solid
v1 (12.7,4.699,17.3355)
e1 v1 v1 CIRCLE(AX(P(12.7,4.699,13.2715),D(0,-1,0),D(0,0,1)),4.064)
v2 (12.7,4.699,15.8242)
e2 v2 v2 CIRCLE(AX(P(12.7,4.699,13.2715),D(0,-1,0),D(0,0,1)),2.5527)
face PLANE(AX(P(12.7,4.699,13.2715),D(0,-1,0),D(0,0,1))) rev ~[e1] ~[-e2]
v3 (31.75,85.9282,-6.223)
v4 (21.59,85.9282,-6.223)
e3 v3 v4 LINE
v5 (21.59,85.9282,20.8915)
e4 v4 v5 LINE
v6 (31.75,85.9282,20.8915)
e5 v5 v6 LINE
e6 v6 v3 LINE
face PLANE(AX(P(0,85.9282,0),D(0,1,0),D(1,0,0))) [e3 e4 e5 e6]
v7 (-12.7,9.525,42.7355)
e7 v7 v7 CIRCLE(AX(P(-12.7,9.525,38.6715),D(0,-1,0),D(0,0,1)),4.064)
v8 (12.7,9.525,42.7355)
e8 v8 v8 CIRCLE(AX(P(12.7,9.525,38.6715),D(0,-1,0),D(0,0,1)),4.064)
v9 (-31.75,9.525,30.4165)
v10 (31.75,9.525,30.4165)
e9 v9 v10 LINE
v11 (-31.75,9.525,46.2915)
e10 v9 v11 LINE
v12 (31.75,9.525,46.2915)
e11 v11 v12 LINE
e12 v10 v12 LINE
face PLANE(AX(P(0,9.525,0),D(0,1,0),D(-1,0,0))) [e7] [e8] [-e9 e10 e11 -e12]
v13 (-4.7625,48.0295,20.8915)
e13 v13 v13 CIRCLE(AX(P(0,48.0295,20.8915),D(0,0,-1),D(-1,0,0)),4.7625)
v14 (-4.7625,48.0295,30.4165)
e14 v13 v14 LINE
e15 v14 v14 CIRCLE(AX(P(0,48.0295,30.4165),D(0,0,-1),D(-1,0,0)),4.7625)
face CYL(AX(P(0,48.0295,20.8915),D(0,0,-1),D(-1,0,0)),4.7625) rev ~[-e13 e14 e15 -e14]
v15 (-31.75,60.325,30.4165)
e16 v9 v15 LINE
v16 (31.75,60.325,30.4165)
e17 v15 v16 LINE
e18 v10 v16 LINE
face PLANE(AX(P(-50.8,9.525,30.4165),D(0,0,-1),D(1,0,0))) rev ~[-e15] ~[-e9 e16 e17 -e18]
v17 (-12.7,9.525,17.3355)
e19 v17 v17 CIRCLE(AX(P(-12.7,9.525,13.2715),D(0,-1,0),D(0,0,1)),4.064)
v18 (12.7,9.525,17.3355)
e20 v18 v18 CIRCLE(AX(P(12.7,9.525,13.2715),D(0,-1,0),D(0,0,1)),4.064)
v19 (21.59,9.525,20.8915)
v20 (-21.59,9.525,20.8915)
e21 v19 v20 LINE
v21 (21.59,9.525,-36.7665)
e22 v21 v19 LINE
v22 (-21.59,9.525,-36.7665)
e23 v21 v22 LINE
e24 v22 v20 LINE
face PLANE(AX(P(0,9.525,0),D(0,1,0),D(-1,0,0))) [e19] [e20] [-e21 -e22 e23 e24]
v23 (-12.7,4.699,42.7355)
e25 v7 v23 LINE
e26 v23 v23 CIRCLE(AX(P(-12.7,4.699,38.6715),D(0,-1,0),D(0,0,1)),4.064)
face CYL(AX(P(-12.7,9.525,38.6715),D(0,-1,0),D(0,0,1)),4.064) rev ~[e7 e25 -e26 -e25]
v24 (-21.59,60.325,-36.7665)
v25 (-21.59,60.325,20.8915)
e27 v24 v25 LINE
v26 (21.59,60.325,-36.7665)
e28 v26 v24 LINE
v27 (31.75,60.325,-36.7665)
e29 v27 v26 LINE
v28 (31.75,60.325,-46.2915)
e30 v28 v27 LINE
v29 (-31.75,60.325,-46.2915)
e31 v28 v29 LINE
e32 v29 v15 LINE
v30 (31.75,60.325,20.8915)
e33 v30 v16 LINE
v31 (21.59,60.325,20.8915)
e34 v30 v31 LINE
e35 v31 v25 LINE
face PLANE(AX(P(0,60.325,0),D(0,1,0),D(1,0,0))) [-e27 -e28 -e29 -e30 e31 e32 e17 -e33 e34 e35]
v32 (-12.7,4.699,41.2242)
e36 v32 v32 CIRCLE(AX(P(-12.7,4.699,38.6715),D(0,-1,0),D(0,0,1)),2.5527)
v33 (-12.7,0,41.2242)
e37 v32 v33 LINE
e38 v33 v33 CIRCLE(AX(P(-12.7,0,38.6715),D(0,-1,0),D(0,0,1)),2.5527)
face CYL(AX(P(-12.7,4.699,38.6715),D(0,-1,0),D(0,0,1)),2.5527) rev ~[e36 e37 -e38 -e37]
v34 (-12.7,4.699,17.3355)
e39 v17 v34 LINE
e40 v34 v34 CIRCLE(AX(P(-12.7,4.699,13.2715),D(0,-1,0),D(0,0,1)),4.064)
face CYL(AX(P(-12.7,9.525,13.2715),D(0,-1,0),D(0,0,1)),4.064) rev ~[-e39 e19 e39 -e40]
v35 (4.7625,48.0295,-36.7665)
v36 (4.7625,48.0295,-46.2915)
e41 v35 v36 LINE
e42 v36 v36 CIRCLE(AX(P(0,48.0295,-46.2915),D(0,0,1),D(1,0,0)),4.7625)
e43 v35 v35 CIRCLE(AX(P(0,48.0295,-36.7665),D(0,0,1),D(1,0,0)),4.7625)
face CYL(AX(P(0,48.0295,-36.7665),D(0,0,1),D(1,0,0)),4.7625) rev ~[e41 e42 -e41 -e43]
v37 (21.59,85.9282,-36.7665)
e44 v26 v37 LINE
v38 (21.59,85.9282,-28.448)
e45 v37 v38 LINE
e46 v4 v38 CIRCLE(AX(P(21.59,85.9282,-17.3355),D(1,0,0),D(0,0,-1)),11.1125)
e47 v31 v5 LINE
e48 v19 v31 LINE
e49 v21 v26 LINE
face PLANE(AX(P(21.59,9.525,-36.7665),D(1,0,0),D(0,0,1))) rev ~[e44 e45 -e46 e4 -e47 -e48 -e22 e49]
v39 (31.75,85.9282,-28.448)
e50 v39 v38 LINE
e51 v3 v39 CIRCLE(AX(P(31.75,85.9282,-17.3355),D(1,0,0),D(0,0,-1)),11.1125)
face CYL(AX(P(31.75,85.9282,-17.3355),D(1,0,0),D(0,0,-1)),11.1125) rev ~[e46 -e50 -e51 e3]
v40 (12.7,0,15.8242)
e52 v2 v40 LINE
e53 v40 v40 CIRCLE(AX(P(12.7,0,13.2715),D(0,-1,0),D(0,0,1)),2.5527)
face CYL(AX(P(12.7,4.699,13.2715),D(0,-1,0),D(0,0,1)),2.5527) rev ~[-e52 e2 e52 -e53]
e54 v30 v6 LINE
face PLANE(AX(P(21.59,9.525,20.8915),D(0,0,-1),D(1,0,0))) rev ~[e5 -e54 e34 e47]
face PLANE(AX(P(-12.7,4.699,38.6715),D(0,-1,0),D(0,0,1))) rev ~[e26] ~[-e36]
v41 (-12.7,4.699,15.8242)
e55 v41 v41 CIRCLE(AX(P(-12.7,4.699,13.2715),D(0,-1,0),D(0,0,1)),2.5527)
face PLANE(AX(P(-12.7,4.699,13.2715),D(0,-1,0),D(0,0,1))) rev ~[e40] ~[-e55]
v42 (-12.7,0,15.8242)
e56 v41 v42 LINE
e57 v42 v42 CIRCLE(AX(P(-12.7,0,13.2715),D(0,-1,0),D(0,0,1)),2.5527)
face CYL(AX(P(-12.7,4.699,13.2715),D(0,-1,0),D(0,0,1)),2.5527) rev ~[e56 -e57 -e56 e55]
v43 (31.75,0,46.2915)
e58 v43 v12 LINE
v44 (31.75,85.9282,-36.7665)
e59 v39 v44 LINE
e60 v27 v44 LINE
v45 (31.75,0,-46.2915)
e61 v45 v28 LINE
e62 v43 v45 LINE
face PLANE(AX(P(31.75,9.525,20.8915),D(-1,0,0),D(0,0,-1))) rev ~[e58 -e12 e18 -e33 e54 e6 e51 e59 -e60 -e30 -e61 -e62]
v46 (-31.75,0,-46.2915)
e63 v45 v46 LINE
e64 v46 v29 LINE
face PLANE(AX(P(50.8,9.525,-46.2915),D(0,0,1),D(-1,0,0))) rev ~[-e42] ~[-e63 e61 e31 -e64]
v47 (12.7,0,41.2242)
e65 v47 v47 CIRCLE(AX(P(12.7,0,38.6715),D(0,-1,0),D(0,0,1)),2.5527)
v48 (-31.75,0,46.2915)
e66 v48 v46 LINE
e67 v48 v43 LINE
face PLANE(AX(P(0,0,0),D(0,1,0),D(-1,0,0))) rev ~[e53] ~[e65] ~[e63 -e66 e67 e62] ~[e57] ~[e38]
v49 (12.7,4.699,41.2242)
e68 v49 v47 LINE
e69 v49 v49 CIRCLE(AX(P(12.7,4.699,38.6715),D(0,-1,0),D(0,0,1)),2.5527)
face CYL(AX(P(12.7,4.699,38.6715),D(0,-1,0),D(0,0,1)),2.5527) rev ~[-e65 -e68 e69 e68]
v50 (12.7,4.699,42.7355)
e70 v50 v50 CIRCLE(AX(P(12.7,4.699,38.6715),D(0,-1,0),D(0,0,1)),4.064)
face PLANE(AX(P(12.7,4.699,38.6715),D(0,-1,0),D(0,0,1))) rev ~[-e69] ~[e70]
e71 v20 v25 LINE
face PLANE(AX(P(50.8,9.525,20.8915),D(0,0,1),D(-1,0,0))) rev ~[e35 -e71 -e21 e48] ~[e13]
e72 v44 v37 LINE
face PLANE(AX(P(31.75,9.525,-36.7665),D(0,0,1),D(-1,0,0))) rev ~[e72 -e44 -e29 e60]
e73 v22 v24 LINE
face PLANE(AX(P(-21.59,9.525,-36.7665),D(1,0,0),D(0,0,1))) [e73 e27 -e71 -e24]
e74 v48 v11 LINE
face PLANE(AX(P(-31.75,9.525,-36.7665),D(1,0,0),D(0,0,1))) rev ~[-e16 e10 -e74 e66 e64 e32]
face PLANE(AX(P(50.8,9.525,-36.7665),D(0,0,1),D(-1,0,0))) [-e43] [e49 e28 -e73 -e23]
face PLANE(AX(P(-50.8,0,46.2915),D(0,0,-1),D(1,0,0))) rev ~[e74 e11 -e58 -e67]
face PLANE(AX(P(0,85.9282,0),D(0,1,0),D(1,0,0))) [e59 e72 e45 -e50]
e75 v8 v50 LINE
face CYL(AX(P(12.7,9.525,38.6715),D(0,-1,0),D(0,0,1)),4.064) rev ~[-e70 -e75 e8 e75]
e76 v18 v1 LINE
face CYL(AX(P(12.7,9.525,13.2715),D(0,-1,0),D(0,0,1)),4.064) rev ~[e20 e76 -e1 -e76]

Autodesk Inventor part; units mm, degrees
ref_plane "YZ Plane" through (0, 0, 0) normal (1, 0, 0) x (0, 1, 0)
ref_plane "XZ Plane" through (0, 0, 0) normal (0, 1, 0) x (-1, 0, 0)
ref_plane "XY Plane" through (0, 0, 0) normal (0, 0, 1) x (1, 0, 0)
sketch "Sketch1" plane through (0, 0, 0) normal (0, 1, 0) x (-1, 0, 0)
  line L0 (50.8, 46.2915) -> (-50.8, 46.2915)
  line L1 (-50.8, 46.2915) -> (-50.8, -46.2915)
  line L2 (-50.8, -46.2915) -> (50.8, -46.2915)
  line L3 (50.8, -46.2915) -> (50.8, 46.2915)
  line L4 (50.8, 46.2915) -> (-50.8, -46.2915) construction
  line L5 (-50.8, 46.2915) -> (50.8, -46.2915) construction
  point P0 (0, 0)
  dimension "width" = 101.6
  dimension "depth" = 92.583
extrude "Extrusion1" add sketch "Sketch1" along normal blind 9.525
sketch "Sketch2" plane through (0, 9.525, 0) normal (0, 1, 0) x (1, 0, 0)
  line L0 (-12.7, -38.6715) -> (12.7, -38.6715) construction
  line L1 (12.7, -38.6715) -> (12.7, -13.2715) construction
  line L2 (12.7, -13.2715) -> (-12.7, -13.2715) construction
  line L3 (-12.7, -13.2715) -> (-12.7, -38.6715) construction
  line L4 (-12.7, -38.6715) -> (12.7, -13.2715) construction
  line L5 (12.7, -38.6715) -> (-12.7, -13.2715) construction
  line L6 (-50.8, -46.2915) -> (50.8, -46.2915) projected
  point P0 (0, 0)
  point P1 (0, -25.9715)
  dimension "d4" = 25.4
  dimension "d5" = 25.4
  dimension "d6" = 7.62
hole "Hole1" at (-12.7, 9.525, 38.6715) at (12.7, 9.525, 38.6715) at (12.7, 9.525, 13.2715) at (-12.7, 9.525, 13.2715) direction (0, -1, 0) diameter 5.1054 end through all counterbore diameter 8.128 counterbore depth 4.826 clearance for "Socket Head Cap Screw" size "#10" standard "Ansi Unified Screw Threads"
sketch "Sketch3" plane through (0, 9.525, 0) normal (0, 1, 0) x (1, 0, 0)
  line L0 (-50.8, 46.2915) -> (-50.8, -46.2915) projected
  line L1 (50.8, -46.2915) -> (50.8, 46.2915) projected
  line L2 (-50.8, -30.4165) -> (50.8, -30.4165)
  line L3 (50.8, -30.4165) -> (50.8, -20.8915)
  line L4 (50.8, -20.8915) -> (-50.8, -20.8915)
  line L5 (-50.8, -20.8915) -> (-50.8, -30.4165)
  line L6 (-50.8, -46.2915) -> (50.8, -46.2915) projected
  point P0 (0, 0)
  point P1 (-50.8, -20.8915)
  point P2 (50.8, -30.4165)
  dimension "d14" = 9.525
  dimension "d16" = 25.4
extrude "Extrusion2" add sketch "Sketch3" along normal blind 50.8 contours L4 L1 L2 L0
sketch "Sketch5" plane through (50.8, 9.525, 20.8915) normal (0, 0, -1) x (-1, 0, 0)
  circle A0 centre (50.8, 38.5045) radius 4.7625 projected
  circle A1 centre (50.8, 38.5045) radius 4.7625
  point P0 (50.8, -9.525)
extrude "Extrusion4" cut sketch "Sketch5" against normal through all
sketch "Sketch6" plane through (0, 9.525, 0) normal (0, 1, 0) x (1, 0, 0)
  line L0 (50.8, 46.2915) -> (-50.8, 46.2915) projected
  line L1 (50.8, -20.8915) -> (50.8, 46.2915) projected
  line L2 (-50.8, 46.2915) -> (50.8, 46.2915)
  line L3 (50.8, 46.2915) -> (50.8, 36.7665)
  line L4 (50.8, 36.7665) -> (-50.8, 36.7665)
  line L5 (-50.8, 36.7665) -> (-50.8, 46.2915)
  point P0 (0, 0)
  dimension "d24" = 9.525
extrude "Extrusion5" add sketch "Sketch6" along normal blind 50.8
sketch "Sketch7" plane through (-50.8, 9.525, -36.7665) normal (0, 0, 1) x (1, 0, 0)
  circle A0 centre (50.8, 38.5045) radius 4.7625 projected
  circle A1 centre (50.8, 38.5045) radius 4.7625
  point P0 (50.8, -9.525)
extrude "Extrusion6" cut sketch "Sketch7" against normal through all
sketch "Sketch8" plane through (0, 0, 0) normal (0, -1, 0) x (1, 0, 0)
  line L0 (-50.8, -46.2915) -> (-50.8, 46.2915) projected
  line L1 (50.8, -46.2915) -> (-50.8, -46.2915) projected
  line L2 (-50.8, 46.2915) -> (-31.75, 46.2915)
  line L3 (-31.75, 46.2915) -> (-31.75, -46.2915)
  line L4 (-31.75, -46.2915) -> (-50.8, -46.2915)
  line L5 (-50.8, -46.2915) -> (-50.8, 46.2915)
  line L6 (50.8, 46.2915) -> (31.75, 46.2915)
  line L7 (31.75, 46.2915) -> (31.75, -46.2915)
  line L8 (31.75, -46.2915) -> (50.8, -46.2915)
  line L9 (50.8, -46.2915) -> (50.8, 46.2915)
  point P0 (0, 0)
  dimension "d29" = 19.05
  dimension "d30" = 19.05
extrude "Extrusion7" cut sketch "Sketch8" against normal through all
sketch "Sketch9" plane through (0, 9.525, 0) normal (0, 1, 0) x (1, 0, 0)
  line L0 (31.75, 36.7665) -> (31.75, 46.2915) projected
  line L1 (-31.75, -20.8915) -> (31.75, -20.8915) projected
  line L2 (31.75, 36.7665) -> (21.59, 36.7665)
  line L3 (21.59, 36.7665) -> (21.59, -20.8915)
  line L4 (21.59, -20.8915) -> (31.75, -20.8915)
  line L5 (31.75, -20.8915) -> (31.75, 36.7665)
  point P0 (0, 0)
  point P1 (31.75, -20.8915)
  dimension "d33" = 10.16
extrude "Extrusion8" add sketch "Sketch9" along normal blind 76.4032
sketch "Sketch10" plane through (31.75, 0, 46.2915) normal (1, 0, 0) x (0, 0, -1)
  line L0 (25.4, 85.9282) -> (83.058, 85.9282) projected
  circle A0 centre (63.627, 85.9282) radius 11.1125
  line L1 (25.4, 60.325) -> (25.4, 85.9282) projected
  point P0 (46.2915, 0)
  point P1 (74.7395, 85.9282)
  point P2 (52.5145, 85.9282)
  dimension "d36" = 38.227
  dimension "d39" = 22.225
extrude "Extrusion9" cut sketch "Sketch10" against normal through all contours L0 A0 picked at (65.7312, 79.4369)
sketch "Sketch11" plane through (0, 9.525, 0) normal (0, 1, 0) x (1, 0, 0)
  line L0 (-31.75, 36.7665) -> (-31.75, -20.8915) projected
  line L1 (-31.75, -20.8915) -> (21.59, -20.8915) projected
  line L2 (-31.75, 36.7665) -> (-21.59, 36.7665)
  line L3 (-21.59, 36.7665) -> (-21.59, -20.8915)
  line L4 (-21.59, -20.8915) -> (-31.75, -20.8915)
  line L5 (-31.75, -20.8915) -> (-31.75, 36.7665)
  point P0 (0, 0)
  dimension "d40" = 10.16
extrude "Extrusion10" add sketch "Sketch11" along normal blind 50.8
equation "\"width\" = overallWidth"
equation "\"depth\" = overallDepth"
equation "\"overallWidth\" = 101.6"
equation "\"gapBetweeenMotorAndBasePlate\" = 0.635"
equation "\"overallDepth\" = 92.583"
properties part number "plateForPot" material "ABS Plastic"
